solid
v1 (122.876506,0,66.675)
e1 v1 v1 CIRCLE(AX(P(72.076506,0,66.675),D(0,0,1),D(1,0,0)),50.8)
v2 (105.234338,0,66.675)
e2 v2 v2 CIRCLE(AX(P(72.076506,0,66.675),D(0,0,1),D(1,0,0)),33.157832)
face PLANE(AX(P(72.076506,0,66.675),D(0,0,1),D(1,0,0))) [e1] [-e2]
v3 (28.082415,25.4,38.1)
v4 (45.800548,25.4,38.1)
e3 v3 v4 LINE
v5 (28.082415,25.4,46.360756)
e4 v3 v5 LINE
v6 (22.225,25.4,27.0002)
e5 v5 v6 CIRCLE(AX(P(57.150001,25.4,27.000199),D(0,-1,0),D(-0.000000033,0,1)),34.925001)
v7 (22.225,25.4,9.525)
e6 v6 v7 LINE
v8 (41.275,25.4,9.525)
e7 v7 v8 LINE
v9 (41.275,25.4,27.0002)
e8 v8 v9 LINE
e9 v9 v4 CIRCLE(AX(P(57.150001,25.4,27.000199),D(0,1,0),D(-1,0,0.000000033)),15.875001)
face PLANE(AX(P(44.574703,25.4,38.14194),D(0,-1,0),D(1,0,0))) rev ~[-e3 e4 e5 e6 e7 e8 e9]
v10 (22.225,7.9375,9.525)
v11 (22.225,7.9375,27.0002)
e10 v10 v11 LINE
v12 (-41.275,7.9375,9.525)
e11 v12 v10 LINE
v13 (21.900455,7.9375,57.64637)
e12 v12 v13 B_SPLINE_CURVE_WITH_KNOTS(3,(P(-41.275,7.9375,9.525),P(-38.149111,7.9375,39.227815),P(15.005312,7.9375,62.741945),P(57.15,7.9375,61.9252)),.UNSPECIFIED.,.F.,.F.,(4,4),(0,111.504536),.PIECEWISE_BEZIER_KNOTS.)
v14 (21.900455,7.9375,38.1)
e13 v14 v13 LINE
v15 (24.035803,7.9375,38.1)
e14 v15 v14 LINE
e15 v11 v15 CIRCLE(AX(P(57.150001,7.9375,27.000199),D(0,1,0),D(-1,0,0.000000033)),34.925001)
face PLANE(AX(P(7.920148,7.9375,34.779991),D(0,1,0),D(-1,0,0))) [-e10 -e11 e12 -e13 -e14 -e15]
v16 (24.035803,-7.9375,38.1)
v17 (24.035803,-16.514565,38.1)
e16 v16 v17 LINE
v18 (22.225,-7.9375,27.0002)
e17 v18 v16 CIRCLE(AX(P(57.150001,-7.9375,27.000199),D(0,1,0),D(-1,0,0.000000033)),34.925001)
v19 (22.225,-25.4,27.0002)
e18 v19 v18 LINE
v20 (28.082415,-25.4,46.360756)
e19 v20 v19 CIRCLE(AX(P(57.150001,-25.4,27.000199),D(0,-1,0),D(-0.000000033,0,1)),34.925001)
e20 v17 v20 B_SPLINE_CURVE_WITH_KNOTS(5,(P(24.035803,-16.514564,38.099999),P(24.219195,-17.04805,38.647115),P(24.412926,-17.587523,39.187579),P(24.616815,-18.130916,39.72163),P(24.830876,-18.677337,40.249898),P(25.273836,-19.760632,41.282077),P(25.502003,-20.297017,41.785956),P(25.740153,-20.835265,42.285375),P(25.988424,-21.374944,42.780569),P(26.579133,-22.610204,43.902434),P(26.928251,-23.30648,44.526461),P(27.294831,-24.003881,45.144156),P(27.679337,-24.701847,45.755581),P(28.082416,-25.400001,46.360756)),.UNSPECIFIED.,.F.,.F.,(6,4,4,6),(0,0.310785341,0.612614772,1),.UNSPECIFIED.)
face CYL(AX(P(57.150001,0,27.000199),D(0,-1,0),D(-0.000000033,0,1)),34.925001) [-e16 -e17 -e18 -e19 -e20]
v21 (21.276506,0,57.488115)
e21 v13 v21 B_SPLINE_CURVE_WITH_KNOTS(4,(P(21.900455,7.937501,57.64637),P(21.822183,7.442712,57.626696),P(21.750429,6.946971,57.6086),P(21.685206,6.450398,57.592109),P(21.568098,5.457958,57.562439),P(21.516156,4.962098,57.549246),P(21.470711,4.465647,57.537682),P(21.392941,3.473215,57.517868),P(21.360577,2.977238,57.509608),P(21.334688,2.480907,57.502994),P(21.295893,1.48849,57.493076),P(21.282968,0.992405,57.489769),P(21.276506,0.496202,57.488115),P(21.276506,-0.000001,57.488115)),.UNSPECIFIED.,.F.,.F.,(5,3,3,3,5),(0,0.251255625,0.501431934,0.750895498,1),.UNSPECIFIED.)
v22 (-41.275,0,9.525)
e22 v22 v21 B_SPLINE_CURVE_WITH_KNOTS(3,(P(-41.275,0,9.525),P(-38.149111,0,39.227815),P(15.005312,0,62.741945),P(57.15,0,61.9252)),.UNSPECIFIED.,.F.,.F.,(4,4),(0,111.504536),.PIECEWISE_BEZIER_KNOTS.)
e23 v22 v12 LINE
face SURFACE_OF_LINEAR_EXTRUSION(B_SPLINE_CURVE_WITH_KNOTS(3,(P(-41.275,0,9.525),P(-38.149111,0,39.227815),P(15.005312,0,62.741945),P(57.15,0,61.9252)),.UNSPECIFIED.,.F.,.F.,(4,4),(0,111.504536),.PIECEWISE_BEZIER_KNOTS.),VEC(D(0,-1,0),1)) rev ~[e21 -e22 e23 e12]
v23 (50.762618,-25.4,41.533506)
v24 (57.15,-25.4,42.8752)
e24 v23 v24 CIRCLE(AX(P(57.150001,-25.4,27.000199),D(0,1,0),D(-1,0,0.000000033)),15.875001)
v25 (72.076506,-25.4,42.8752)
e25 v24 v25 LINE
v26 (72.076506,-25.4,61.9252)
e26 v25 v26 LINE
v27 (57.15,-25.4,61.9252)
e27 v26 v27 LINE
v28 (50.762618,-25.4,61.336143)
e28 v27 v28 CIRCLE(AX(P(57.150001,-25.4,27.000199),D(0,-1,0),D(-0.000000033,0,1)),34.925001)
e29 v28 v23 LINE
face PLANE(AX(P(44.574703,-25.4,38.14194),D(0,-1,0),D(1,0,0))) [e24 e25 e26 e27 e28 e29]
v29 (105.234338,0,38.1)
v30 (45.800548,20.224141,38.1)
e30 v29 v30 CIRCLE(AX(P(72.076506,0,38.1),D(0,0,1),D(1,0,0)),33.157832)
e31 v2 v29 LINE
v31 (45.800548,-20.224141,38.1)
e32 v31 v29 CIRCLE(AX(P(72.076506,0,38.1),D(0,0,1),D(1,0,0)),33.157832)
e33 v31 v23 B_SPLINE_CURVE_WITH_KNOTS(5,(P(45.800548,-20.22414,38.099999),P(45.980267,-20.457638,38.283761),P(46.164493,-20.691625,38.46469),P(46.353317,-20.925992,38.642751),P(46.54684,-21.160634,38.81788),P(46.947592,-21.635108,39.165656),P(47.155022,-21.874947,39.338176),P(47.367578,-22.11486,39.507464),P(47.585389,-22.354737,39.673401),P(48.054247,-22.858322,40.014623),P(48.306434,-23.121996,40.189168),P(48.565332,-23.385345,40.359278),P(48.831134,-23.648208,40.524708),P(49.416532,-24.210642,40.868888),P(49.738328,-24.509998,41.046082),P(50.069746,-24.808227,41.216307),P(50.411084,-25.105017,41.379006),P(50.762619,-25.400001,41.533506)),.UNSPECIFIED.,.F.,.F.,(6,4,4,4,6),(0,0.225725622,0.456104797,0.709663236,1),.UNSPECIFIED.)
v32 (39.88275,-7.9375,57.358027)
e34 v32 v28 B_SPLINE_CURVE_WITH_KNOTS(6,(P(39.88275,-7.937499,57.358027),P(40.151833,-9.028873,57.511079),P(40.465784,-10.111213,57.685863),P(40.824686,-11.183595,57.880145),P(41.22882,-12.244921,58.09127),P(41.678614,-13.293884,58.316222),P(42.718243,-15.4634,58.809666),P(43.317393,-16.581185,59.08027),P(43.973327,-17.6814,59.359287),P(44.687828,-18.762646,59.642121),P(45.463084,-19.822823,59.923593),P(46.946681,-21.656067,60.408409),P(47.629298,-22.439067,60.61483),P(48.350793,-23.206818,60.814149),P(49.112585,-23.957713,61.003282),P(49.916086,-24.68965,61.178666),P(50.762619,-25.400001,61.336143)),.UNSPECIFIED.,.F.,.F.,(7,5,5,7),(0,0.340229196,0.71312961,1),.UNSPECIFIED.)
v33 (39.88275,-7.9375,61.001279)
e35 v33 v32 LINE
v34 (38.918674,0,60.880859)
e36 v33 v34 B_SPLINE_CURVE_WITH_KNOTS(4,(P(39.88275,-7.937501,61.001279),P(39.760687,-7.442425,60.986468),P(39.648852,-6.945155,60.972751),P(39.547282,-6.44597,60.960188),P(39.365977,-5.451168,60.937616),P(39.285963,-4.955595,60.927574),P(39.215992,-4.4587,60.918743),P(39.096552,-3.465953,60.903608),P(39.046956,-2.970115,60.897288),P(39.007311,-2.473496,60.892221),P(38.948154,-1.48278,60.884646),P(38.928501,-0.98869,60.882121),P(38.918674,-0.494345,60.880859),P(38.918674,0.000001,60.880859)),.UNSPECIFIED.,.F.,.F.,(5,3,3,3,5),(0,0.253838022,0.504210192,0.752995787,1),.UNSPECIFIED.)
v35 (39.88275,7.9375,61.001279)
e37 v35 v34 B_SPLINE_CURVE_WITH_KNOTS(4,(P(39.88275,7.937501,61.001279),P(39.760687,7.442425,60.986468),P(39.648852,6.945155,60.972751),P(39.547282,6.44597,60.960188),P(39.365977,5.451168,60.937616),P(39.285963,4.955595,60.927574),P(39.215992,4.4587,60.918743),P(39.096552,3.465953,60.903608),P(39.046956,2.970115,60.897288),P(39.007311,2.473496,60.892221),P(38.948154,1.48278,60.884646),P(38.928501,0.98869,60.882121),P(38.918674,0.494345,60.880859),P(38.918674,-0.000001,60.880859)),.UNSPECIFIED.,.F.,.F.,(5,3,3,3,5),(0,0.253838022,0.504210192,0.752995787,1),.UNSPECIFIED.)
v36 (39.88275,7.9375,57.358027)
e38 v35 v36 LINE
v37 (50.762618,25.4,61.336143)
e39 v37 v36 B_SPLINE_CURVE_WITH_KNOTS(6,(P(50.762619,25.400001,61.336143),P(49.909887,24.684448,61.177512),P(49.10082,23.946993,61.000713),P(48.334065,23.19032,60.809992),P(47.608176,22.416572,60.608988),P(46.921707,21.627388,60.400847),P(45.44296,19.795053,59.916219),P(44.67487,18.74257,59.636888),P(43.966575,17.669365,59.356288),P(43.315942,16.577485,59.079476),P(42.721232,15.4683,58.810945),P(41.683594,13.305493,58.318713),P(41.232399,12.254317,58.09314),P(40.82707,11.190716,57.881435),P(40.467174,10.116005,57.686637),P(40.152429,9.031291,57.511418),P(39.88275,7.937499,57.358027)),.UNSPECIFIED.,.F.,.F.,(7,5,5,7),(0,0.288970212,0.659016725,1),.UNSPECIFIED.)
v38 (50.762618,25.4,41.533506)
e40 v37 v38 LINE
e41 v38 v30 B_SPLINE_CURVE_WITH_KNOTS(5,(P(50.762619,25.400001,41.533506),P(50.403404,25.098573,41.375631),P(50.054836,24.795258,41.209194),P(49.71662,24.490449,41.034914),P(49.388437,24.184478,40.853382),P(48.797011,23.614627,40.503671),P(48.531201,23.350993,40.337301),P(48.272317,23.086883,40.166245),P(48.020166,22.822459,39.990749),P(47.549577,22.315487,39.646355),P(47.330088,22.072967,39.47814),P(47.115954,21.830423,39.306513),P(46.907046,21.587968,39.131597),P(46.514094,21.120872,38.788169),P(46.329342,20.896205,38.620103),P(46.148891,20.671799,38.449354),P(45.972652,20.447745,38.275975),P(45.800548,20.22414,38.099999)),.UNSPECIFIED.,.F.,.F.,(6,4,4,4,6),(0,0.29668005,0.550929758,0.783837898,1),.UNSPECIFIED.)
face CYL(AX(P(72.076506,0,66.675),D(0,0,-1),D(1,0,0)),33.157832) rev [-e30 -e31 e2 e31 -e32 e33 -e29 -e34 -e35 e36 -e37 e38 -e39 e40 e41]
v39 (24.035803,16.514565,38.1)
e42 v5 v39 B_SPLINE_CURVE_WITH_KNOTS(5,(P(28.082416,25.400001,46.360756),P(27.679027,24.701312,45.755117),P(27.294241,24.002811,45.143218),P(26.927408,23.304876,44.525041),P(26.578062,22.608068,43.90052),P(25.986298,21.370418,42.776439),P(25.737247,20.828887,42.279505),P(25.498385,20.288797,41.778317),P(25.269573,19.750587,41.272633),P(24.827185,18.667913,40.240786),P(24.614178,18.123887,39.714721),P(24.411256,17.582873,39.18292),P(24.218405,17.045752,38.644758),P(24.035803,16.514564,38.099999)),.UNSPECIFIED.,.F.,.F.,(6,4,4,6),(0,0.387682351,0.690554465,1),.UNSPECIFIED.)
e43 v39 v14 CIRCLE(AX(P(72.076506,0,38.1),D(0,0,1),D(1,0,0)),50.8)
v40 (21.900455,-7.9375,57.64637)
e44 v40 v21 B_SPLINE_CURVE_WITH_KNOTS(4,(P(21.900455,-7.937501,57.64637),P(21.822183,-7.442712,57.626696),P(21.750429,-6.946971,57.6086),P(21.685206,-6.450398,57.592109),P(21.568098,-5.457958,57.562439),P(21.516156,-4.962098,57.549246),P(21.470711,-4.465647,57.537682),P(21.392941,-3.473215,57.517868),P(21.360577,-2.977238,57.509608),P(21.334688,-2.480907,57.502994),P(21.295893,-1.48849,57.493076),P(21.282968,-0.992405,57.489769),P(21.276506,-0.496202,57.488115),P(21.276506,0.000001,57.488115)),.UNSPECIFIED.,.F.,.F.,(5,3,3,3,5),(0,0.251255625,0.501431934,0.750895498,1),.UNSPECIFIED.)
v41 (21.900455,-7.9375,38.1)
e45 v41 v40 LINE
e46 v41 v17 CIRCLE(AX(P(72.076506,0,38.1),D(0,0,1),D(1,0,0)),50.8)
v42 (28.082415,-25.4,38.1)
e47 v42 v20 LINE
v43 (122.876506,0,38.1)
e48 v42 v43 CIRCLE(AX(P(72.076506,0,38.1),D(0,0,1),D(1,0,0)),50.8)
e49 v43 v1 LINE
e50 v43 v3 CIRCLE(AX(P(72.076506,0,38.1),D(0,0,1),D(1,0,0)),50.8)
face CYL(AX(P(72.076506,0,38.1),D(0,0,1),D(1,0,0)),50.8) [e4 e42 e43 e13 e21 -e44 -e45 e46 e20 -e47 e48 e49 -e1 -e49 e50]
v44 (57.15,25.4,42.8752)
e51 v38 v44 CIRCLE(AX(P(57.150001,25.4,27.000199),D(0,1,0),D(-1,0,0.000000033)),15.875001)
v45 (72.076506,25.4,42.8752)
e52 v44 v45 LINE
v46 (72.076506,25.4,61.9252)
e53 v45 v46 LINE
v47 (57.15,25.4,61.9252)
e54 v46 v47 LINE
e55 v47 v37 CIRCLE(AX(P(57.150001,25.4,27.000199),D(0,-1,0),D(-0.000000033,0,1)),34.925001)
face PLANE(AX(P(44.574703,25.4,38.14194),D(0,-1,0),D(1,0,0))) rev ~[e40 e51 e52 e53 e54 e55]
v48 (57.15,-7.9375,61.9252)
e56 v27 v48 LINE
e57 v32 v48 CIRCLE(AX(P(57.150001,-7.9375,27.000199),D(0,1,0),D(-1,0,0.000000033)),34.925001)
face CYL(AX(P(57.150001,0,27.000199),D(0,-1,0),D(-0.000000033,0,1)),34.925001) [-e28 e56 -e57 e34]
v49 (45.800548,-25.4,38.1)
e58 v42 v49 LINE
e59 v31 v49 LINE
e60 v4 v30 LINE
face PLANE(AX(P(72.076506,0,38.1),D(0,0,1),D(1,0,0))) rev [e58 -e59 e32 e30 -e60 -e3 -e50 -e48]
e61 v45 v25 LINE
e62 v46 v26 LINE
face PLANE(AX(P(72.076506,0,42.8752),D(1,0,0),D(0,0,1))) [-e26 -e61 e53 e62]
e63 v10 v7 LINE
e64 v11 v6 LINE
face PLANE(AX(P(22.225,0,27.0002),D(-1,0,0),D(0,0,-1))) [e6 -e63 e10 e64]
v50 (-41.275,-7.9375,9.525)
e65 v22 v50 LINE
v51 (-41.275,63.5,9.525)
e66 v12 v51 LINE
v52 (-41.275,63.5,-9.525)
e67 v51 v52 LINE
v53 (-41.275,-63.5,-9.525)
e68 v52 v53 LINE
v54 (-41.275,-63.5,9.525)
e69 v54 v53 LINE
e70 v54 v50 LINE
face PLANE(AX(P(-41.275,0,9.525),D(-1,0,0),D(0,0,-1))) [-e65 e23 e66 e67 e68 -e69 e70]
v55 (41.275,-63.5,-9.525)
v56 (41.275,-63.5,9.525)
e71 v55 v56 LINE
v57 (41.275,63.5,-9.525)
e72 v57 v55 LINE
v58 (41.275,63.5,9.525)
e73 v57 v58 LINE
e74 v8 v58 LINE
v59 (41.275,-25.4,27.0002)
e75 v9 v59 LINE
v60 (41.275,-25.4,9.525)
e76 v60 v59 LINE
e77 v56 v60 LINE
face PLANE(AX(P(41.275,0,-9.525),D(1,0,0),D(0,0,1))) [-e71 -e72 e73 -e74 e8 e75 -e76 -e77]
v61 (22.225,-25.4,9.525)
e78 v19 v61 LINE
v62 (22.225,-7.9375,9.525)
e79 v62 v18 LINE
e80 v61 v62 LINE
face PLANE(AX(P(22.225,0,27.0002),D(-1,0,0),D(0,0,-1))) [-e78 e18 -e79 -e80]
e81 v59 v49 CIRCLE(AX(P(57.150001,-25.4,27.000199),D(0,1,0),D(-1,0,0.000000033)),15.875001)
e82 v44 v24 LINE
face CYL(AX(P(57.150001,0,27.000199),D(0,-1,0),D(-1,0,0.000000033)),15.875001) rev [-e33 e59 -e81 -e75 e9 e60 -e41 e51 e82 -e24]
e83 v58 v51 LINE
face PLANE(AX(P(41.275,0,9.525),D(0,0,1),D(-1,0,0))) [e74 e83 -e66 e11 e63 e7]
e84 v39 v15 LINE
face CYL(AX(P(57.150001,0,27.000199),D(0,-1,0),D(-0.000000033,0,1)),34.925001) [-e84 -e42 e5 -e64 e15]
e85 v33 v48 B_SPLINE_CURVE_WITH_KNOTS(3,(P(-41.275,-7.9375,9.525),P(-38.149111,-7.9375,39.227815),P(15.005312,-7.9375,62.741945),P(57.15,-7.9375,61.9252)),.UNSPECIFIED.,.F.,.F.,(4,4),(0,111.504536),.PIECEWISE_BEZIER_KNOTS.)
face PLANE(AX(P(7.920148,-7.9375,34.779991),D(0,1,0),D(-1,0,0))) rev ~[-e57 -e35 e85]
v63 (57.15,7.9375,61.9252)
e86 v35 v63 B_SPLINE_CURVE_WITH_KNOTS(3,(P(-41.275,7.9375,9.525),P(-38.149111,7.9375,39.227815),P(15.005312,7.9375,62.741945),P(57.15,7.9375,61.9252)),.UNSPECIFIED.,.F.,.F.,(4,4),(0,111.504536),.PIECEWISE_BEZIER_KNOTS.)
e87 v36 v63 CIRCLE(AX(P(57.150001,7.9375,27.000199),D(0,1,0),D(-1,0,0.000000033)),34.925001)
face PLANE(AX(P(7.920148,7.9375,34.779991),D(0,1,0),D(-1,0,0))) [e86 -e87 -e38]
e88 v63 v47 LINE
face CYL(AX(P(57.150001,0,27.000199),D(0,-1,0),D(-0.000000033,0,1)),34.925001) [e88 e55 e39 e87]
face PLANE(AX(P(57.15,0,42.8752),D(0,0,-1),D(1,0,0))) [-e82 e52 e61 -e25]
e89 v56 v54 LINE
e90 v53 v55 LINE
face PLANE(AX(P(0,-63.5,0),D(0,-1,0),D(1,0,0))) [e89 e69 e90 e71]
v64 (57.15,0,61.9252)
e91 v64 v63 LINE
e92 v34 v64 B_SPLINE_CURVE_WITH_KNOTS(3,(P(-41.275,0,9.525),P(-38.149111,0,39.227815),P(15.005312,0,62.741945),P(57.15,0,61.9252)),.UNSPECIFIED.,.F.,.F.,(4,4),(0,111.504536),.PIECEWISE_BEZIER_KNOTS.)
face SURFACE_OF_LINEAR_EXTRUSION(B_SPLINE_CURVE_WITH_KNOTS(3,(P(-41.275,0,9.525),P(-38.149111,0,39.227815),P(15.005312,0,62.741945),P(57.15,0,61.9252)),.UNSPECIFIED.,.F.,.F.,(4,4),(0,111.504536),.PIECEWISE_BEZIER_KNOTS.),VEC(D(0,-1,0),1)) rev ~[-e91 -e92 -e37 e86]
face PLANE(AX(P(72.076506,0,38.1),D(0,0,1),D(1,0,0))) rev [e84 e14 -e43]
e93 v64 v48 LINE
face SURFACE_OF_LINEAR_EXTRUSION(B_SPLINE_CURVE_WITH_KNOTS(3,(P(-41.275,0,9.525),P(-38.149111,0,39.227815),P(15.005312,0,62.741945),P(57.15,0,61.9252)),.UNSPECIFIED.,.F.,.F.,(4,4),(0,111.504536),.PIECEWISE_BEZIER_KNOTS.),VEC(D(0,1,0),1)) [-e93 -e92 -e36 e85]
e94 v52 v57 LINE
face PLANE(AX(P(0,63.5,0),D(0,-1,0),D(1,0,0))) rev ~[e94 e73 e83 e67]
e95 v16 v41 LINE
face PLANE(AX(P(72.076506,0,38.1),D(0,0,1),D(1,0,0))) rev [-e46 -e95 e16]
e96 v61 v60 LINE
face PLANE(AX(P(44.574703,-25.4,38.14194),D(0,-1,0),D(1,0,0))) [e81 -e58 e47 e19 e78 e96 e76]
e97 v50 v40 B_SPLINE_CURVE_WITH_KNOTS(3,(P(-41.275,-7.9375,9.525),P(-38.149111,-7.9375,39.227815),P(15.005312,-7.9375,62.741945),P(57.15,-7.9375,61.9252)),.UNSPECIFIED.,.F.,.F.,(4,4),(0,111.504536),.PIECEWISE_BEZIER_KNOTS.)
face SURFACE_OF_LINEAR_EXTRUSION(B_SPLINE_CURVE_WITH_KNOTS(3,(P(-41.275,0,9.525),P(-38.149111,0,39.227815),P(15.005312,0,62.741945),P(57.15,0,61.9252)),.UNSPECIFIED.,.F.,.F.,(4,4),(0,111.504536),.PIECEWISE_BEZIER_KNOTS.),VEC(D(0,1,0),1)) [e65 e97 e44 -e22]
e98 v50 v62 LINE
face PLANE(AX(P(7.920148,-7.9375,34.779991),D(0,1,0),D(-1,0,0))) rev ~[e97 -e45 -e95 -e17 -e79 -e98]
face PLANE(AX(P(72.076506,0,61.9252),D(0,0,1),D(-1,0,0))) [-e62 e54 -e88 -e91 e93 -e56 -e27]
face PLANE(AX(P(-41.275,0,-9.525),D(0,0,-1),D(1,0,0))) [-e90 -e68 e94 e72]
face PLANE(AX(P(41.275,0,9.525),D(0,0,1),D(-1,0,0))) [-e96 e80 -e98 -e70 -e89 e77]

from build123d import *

# Parameters (mm, degrees)
F1_DEPTH = 63.5
F2_DEPTH = 25.4
F3_DEPTH = 7.9375


with BuildPart() as f1:
    # F0 (on Front) → F1 (new body, symmetric)
    with BuildSketch(Plane.XZ):
        Polygon((-41.275, 9.525), (-41.275, -9.525), (41.275, -9.525), (41.275, 9.525), (22.225, 9.525), align=None)
    extrude(amount=F1_DEPTH, both=True)

    # F0 (on Front) → F2 (join, symmetric)
    with BuildSketch(Plane.XZ):
        with BuildLine():
            Line((22.225, 9.525), (41.275, 9.525))
            Line((41.275, 9.525), (41.275, 27.0002))
            ThreePointArc((41.275, 27.0002), (45.92468, 38.22552), (57.15, 42.8752))
            Line((57.15, 42.8752), (72.076506, 42.8752))
            Line((72.076506, 42.8752), (72.076506, 61.9252))
            Line((72.076506, 61.9252), (57.15, 61.9252))
            ThreePointArc((57.15, 61.9252), (32.454296, 51.695904), (22.225, 27.0002))
            Line((22.225, 27.0002), (22.225, 9.525))
        make_face()
    extrude(amount=F2_DEPTH, both=True)

    # F0 (on Front) → F3 (join, symmetric)
    with BuildSketch(Plane.XZ):
        with BuildLine():
            add(Edge.make_bspline(
                [(-41.275, 9.525), (-38.149111, 39.227815), (15.005312, 62.741945), (57.15, 61.9252)],
                knots=[0, 0, 0, 0, 111.504536, 111.504536, 111.504536, 111.504536], degree=3))
            Line((-41.275, 9.525), (22.225, 9.525))
            Line((22.225, 9.525), (22.225, 27.0002))
            ThreePointArc((22.225, 27.0002), (32.454296, 51.695904), (57.15, 61.9252))
        make_face()
    extrude(amount=F3_DEPTH, both=True)

    # F0 (on Front) → F4 (revolve)
    with BuildSketch(Plane.XZ):
        Polygon((105.234338, 66.675), (105.234338, 61.9252), (105.234338, 42.8752), (105.234338, 38.1), (122.876506, 38.1), (122.876506, 66.675), align=None)
    revolve(axis=Axis((72.076506, 0, 52.3875), (0, 0, 1)))


solid = f1.part
